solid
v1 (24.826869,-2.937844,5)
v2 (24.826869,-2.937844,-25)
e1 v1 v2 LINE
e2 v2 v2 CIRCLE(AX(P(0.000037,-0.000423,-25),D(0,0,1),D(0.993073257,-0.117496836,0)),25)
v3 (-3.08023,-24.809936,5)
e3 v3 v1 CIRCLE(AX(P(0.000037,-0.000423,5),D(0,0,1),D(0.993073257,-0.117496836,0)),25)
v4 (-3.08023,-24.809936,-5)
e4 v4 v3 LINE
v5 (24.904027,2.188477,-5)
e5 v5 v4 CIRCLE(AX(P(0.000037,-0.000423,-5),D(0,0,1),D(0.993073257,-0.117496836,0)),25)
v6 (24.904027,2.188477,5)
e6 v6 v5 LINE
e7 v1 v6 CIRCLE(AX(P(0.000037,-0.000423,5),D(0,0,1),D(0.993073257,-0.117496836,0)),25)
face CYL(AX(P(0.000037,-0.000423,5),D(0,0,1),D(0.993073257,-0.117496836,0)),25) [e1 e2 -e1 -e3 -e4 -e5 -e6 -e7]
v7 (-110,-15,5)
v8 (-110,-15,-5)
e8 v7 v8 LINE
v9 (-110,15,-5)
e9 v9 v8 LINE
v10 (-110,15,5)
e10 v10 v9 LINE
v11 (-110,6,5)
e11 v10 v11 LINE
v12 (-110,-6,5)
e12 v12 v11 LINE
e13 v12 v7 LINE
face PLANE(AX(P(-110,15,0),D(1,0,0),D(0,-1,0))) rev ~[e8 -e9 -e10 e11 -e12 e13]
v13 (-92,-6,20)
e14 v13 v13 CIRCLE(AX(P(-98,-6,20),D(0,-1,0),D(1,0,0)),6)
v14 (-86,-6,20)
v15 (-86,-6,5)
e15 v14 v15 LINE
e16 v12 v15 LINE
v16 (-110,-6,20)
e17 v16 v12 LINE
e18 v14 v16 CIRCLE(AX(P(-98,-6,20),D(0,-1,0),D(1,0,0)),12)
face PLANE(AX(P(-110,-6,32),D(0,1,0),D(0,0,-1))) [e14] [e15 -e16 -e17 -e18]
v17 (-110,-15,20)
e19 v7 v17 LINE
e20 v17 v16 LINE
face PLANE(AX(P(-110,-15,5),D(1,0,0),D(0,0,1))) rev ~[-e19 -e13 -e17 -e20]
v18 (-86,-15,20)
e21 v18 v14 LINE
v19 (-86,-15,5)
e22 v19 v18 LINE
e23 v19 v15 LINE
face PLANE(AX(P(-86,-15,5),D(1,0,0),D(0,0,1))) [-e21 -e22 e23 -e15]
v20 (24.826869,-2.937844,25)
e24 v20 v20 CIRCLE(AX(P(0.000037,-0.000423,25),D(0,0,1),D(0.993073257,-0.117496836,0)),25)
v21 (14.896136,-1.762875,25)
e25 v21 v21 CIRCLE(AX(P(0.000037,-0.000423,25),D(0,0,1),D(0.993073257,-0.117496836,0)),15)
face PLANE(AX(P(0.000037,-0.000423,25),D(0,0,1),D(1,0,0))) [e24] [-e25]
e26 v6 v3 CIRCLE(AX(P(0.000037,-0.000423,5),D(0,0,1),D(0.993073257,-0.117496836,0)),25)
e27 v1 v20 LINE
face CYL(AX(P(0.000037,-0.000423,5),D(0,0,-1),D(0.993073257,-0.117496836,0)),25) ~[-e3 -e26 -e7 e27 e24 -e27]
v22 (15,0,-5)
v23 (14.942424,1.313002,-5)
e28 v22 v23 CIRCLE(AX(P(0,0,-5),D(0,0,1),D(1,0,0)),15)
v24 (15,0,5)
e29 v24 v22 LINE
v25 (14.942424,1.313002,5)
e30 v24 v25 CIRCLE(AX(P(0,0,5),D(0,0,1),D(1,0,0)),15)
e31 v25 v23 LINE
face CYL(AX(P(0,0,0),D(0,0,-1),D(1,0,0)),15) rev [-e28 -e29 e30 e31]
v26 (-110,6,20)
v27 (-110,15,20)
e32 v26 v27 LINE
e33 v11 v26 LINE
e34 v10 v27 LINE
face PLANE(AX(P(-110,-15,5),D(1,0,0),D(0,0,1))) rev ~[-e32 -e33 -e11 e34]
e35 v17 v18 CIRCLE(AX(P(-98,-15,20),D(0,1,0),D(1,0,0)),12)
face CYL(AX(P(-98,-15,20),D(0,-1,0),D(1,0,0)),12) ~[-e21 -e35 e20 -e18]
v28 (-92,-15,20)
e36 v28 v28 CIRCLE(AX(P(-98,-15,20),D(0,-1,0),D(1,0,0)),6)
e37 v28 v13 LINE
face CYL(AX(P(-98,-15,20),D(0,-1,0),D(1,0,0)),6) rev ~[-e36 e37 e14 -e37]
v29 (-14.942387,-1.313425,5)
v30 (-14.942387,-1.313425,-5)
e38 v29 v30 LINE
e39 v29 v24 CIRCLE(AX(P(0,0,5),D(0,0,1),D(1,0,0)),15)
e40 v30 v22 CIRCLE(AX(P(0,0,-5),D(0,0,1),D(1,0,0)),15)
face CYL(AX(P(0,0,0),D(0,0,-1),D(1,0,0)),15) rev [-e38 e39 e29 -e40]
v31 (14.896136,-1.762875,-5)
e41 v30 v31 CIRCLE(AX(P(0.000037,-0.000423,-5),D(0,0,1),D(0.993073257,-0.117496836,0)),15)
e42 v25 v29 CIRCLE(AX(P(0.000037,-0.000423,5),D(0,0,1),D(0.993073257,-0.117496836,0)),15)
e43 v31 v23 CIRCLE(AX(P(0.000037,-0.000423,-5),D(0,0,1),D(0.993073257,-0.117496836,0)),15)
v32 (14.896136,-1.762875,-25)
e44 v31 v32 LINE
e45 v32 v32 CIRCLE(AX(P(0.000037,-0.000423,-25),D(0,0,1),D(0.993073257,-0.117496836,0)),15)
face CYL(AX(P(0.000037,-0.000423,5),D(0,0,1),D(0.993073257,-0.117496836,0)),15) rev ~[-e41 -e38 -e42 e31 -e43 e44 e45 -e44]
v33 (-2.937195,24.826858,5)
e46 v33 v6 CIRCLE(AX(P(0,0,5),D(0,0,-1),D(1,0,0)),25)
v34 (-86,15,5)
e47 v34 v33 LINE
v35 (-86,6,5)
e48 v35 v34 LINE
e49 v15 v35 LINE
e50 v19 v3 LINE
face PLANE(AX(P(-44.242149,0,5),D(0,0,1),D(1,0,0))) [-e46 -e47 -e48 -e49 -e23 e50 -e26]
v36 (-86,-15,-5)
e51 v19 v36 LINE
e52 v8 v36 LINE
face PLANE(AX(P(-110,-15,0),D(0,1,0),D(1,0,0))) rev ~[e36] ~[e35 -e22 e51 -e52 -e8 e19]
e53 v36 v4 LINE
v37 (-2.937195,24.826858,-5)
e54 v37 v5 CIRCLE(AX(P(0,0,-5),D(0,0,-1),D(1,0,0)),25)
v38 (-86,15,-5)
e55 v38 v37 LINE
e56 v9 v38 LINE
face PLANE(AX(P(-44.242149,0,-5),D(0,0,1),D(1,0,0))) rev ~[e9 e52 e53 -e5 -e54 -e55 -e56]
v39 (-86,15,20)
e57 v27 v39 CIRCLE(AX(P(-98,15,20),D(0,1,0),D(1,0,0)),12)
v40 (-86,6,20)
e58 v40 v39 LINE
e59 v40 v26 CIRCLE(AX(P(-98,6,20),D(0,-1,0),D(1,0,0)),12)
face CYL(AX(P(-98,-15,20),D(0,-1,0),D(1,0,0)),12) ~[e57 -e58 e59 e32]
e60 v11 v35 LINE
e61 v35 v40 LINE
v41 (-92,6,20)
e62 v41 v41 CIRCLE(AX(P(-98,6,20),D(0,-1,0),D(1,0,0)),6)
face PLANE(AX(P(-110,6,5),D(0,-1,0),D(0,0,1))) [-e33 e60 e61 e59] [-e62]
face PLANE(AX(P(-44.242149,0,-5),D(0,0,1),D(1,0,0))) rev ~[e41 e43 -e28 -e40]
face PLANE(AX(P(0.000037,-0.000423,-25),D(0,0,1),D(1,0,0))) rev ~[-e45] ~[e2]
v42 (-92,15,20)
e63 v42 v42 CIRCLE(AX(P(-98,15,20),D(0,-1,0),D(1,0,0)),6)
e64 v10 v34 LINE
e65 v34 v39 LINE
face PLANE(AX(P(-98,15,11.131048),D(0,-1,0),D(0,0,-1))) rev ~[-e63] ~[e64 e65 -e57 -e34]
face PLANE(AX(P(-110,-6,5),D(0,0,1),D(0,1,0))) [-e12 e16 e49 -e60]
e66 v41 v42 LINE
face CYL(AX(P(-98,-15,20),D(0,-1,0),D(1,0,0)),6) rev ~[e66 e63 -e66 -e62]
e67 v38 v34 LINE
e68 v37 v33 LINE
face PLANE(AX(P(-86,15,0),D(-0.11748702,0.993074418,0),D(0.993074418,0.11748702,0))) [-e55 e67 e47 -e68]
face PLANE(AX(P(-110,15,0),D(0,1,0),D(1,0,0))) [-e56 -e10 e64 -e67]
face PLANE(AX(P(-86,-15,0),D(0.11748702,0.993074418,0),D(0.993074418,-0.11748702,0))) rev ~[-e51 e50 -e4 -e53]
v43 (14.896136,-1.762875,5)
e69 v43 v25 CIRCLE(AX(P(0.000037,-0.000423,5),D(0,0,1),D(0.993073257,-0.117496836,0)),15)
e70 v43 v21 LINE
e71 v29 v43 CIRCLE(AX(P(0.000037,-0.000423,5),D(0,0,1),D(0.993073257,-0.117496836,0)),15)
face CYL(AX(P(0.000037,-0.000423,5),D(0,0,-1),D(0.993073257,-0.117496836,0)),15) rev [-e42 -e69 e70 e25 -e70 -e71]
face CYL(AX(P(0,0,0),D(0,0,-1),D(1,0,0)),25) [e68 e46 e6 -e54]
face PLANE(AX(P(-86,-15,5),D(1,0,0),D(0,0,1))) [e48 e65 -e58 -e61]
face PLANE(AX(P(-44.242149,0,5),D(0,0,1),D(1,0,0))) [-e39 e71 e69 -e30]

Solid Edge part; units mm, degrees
sketch "Sketch1" plane through (0, 0, 0) normal (0, 0, 1) x (1, 0, 0)
  line L0 (-86, -15) -> (-2.9372, -24.8269)
  line L1 (-86, 15) -> (-2.9372, 24.8269)
  line L2 (-110, 15) -> (-86, 15)
  line L3 (-110, 15) -> (-110, -15)
  line L4 (-110, -15) -> (-86, -15)
  arc A0 (-2.9372, 24.8269) -> (-2.9372, -24.8269) centre (0, 0) cw
  circle A1 centre (0, 0) radius 15
extrude "Protrusion1" add sketch "Sketch1" along normal mid plane 10
sketch "Sketch2" plane through (-42.5, 0, 5) normal (0, 0, 1) x (0.9931, -0.1175, 0)
  circle A0 centre (42.2057, 4.9932) radius 25
  circle A1 centre (42.2057, 4.9932) radius 15
extrude "ExtrudedProtrusion_2" add sketch "Sketch2" along normal blind 20 and the other way blind 30
sketch "Sketch3" plane through (-98, -15, 0) normal (0, -1, 0) x (1, 0, 0)
  line L0 (12, 5) -> (12, 20)
  line L1 (12, -5) -> (12, 5)
  line L2 (-12, -5) -> (12, -5)
  line L3 (-12, 5) -> (-12, -5)
  line L4 (-12, 5) -> (-12, 20)
  arc A0 (-12, 20) -> (12, 20) centre (0, 20) cw
  circle A1 centre (0, 20) radius 6
extrude "Protrusion2" add sketch "Sketch3" against normal up to vertex (30 mm away)
sketch "Sketch4" plane through (-110, 0, 10) normal (-1, 0, 0) x (0, -1, 0)
  line L0 (-6, 22) -> (6, 22)
  line L1 (6, 22) -> (6, -5)
  line L2 (6, -5) -> (-6, -5)
  line L3 (-6, -5) -> (-6, 22)
extrude "ExtrudedCutout_1" cut sketch "Sketch4" against normal blind 24
